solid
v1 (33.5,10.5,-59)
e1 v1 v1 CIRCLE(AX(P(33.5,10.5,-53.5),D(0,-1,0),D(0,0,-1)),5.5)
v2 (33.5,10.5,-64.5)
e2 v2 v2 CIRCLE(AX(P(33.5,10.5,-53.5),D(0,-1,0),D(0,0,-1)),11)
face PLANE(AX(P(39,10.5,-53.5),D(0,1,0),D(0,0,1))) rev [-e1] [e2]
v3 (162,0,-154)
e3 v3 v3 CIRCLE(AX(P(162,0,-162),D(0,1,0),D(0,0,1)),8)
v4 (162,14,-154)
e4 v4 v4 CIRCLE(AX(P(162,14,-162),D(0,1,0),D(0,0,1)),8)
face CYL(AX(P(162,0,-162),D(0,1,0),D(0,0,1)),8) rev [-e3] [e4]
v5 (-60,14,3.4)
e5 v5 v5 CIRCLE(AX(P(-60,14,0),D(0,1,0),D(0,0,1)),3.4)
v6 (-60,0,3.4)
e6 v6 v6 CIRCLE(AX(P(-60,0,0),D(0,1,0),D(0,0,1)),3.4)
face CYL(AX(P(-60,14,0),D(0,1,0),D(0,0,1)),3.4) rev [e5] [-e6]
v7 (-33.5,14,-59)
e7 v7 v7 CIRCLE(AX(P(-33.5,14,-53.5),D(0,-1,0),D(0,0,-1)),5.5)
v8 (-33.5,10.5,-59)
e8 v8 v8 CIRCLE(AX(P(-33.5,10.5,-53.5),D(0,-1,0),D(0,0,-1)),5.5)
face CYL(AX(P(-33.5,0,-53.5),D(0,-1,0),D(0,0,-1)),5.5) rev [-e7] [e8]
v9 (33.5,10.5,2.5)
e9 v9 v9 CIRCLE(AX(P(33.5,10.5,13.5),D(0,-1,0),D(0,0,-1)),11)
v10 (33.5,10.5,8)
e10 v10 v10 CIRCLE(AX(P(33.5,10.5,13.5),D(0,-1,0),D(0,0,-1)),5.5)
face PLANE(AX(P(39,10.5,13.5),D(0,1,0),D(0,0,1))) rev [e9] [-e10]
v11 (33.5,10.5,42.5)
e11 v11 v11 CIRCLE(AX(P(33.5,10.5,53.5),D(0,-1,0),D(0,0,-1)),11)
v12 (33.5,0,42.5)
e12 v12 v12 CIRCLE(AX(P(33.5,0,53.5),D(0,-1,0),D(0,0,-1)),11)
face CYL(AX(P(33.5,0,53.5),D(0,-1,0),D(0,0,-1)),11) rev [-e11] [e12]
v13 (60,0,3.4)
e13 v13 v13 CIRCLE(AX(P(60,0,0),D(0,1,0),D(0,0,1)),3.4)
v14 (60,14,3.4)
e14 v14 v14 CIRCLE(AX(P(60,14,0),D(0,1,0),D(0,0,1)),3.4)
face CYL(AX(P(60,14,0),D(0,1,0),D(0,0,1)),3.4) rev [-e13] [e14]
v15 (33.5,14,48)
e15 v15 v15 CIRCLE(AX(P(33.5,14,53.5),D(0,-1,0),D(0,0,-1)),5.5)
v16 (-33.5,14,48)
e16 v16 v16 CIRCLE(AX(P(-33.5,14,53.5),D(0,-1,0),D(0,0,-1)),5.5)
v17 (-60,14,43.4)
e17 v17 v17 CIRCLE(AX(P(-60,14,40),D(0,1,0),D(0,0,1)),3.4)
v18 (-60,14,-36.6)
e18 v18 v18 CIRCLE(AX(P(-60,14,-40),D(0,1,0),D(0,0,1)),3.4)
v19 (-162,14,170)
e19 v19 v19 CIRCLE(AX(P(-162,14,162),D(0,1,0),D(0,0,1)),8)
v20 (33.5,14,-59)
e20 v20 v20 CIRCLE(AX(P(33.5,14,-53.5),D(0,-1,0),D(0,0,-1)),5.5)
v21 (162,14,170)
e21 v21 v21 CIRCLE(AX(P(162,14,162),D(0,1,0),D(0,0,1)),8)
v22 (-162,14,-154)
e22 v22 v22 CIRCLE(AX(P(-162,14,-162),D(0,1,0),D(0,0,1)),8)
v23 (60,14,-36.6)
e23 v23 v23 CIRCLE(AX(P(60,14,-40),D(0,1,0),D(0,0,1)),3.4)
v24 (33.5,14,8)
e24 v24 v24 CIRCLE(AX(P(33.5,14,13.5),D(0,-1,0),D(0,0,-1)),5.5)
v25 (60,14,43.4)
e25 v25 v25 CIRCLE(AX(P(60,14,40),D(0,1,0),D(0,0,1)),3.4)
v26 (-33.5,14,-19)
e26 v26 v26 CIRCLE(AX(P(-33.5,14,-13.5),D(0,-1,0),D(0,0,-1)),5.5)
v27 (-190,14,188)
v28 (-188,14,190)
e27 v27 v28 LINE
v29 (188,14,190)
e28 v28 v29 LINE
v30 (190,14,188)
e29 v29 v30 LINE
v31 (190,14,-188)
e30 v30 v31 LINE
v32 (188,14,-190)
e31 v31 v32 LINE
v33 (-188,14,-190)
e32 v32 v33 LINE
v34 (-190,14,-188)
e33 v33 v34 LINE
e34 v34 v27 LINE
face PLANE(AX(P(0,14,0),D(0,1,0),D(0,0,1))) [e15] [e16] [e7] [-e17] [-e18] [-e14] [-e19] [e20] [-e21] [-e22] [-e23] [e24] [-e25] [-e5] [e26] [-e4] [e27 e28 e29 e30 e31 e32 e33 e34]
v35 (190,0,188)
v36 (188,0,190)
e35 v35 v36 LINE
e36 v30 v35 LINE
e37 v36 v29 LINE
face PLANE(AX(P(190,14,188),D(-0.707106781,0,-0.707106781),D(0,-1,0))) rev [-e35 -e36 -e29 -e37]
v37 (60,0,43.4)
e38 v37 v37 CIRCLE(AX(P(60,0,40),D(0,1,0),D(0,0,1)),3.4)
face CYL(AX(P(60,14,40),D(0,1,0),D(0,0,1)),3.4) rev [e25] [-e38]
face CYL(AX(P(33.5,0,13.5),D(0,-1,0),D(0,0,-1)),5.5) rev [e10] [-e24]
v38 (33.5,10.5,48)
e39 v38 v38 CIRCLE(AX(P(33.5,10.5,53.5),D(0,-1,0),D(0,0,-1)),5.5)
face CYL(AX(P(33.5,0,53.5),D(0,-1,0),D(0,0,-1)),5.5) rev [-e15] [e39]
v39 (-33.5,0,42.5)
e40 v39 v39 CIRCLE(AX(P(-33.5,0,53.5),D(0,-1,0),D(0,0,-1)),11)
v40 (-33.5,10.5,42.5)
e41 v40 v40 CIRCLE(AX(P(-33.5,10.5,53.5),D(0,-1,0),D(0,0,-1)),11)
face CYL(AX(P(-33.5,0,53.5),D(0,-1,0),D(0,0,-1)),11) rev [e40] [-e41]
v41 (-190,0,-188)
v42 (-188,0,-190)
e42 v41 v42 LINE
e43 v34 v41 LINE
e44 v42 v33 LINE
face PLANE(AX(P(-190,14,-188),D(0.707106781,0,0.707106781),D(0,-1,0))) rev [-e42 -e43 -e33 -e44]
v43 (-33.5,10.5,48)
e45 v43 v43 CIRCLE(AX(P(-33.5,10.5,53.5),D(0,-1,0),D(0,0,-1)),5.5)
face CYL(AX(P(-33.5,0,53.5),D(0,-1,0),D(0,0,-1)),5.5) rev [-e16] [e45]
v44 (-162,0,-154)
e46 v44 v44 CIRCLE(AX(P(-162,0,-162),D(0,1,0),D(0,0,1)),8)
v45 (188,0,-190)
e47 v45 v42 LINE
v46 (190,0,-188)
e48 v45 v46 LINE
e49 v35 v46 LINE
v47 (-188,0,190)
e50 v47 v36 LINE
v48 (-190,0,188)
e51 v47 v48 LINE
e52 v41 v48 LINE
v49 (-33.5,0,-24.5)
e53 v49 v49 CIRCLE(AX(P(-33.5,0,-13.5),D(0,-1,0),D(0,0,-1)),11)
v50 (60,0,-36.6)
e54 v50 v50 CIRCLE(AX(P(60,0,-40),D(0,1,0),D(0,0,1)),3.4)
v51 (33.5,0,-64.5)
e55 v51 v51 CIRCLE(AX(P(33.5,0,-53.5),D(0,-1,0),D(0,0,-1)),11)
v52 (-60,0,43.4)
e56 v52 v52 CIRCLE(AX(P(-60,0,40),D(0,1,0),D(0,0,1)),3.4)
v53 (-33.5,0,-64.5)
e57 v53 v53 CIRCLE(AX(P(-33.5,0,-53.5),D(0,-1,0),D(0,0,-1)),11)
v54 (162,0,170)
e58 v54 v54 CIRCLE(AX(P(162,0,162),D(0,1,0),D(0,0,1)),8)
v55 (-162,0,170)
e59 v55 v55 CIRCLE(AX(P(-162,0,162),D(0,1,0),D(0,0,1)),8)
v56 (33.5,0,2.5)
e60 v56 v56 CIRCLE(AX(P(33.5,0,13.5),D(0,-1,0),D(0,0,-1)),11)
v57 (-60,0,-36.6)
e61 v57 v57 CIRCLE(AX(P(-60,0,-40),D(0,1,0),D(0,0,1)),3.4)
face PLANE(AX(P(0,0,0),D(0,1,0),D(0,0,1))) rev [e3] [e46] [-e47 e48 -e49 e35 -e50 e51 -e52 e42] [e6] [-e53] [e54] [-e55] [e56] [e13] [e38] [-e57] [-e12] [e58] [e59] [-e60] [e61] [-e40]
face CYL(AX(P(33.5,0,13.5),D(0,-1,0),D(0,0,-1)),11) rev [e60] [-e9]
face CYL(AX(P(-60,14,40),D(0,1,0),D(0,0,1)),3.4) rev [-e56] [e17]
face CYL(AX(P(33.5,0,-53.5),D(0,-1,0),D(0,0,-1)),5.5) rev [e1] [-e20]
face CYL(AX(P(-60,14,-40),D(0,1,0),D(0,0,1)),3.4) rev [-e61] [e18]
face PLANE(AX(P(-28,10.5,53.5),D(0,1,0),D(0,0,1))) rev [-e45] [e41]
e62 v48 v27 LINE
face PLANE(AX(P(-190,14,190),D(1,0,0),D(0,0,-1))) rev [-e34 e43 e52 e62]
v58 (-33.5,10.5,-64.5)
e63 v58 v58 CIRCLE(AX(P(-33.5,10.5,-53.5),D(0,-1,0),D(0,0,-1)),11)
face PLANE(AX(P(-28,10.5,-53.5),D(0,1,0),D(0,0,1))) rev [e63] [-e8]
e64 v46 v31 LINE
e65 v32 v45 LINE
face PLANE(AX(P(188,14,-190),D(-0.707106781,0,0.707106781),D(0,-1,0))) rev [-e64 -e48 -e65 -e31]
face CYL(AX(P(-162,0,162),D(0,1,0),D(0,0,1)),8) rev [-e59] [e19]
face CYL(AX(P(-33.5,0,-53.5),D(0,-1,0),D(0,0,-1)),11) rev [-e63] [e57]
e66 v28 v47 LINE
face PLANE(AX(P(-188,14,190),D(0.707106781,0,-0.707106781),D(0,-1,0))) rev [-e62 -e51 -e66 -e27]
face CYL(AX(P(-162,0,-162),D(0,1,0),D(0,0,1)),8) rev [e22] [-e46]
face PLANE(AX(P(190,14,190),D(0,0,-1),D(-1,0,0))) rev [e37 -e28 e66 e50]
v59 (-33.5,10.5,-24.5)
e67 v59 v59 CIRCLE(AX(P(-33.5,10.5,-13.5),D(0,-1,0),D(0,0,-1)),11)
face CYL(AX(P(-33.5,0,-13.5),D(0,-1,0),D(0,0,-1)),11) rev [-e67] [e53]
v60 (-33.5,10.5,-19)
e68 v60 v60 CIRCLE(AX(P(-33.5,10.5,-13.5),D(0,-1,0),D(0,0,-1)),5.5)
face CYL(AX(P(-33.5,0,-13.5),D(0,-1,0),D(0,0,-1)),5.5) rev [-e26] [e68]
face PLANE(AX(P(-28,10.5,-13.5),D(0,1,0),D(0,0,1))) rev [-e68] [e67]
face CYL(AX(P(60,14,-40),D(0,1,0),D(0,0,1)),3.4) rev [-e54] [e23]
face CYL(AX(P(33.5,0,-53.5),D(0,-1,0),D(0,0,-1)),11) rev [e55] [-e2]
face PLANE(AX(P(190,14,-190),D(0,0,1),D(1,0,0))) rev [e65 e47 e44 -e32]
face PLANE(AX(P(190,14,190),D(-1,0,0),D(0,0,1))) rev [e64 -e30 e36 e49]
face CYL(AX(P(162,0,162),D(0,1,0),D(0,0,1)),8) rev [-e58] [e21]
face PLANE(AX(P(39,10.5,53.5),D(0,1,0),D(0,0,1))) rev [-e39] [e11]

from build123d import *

# Parameters (mm, degrees)
SKETCH_1_W                    = 380
SKETCH_1_H                    = 380
EXTRUDE_1_DEPTH               = 14
CHAMFER_1_SIZE                = 2
HOLE_WIZARD_M8_1_D            = 6.8
HOLE_WIZARD_M10_1_D           = 11
HOLE_WIZARD_M10_1_CBORE_D     = 22
HOLE_WIZARD_M10_1_CBORE_DEPTH = 10.5
SKETCH_6_R                    = 8
CUT_EXTRUDE_1_DEPTH           = 15


with BuildPart() as part:
    # 草图1 → 凸台-拉伸1 (new body)
    with BuildSketch(Plane(origin=(0, 0, 0), x_dir=(1, 0, 0), z_dir=(0, 1, 0))):
        Rectangle(SKETCH_1_W, SKETCH_1_H)
    extrude(amount=EXTRUDE_1_DEPTH)

    # 倒角1
    chamfer_1_edges = [part.edges().sort_by_distance(p)[0] for p in [
        (-190, 7, -190),
        (190, 7, -190),
        (190, 7, 190),
        (-190, 7, 190),
    ]]
    chamfer(chamfer_1_edges, length=CHAMFER_1_SIZE)

    # M8 螺纹孔的螺纹孔钻头1 (through all)
    with Locations(Plane(origin=(0, 14, 0), x_dir=(1, 0, 0), z_dir=(0, 1, 0))):
        with Locations((60, 40), (60, 0), (60, -40)):
            hole_wizard_m8_1 = Hole(HOLE_WIZARD_M8_1_D / 2)

    # 镜向1: M8 螺纹孔的螺纹孔钻头1 across plane
    add(hole_wizard_m8_1.mirror(Plane(origin=(0, 0, 0), x_dir=(0, 0, 1), z_dir=(1, 0, 0))), mode=Mode.SUBTRACT)

    # M10 六角头螺栓的柱形沉头孔1 (through all)
    with Locations(Plane(origin=(0, 0, 0), x_dir=(-1, 0, 0), z_dir=(0, -1, 0))):
        with Locations((33.5, 53.5), (-33.5, -13.5), (33.5, -53.5), (-33.5, 53.5), (-33.5, -53.5), (33.5, 13.5)):
            CounterBoreHole(HOLE_WIZARD_M10_1_D / 2, HOLE_WIZARD_M10_1_CBORE_D / 2, HOLE_WIZARD_M10_1_CBORE_DEPTH)

    # 草图6 → 切除-拉伸1 (cut, through all)
    with BuildSketch(Plane(origin=(0, 14, 0), x_dir=(1, 0, 0), z_dir=(0, 1, 0))):
        with Locations((-162, 162)):
            Circle(SKETCH_6_R)
        with Locations((162, 162)):
            Circle(SKETCH_6_R)
        with Locations((-162, -162)):
            Circle(SKETCH_6_R)
        with Locations((162, -162)):
            Circle(SKETCH_6_R)
    extrude(amount=-CUT_EXTRUDE_1_DEPTH, mode=Mode.SUBTRACT)


solid = part.part
